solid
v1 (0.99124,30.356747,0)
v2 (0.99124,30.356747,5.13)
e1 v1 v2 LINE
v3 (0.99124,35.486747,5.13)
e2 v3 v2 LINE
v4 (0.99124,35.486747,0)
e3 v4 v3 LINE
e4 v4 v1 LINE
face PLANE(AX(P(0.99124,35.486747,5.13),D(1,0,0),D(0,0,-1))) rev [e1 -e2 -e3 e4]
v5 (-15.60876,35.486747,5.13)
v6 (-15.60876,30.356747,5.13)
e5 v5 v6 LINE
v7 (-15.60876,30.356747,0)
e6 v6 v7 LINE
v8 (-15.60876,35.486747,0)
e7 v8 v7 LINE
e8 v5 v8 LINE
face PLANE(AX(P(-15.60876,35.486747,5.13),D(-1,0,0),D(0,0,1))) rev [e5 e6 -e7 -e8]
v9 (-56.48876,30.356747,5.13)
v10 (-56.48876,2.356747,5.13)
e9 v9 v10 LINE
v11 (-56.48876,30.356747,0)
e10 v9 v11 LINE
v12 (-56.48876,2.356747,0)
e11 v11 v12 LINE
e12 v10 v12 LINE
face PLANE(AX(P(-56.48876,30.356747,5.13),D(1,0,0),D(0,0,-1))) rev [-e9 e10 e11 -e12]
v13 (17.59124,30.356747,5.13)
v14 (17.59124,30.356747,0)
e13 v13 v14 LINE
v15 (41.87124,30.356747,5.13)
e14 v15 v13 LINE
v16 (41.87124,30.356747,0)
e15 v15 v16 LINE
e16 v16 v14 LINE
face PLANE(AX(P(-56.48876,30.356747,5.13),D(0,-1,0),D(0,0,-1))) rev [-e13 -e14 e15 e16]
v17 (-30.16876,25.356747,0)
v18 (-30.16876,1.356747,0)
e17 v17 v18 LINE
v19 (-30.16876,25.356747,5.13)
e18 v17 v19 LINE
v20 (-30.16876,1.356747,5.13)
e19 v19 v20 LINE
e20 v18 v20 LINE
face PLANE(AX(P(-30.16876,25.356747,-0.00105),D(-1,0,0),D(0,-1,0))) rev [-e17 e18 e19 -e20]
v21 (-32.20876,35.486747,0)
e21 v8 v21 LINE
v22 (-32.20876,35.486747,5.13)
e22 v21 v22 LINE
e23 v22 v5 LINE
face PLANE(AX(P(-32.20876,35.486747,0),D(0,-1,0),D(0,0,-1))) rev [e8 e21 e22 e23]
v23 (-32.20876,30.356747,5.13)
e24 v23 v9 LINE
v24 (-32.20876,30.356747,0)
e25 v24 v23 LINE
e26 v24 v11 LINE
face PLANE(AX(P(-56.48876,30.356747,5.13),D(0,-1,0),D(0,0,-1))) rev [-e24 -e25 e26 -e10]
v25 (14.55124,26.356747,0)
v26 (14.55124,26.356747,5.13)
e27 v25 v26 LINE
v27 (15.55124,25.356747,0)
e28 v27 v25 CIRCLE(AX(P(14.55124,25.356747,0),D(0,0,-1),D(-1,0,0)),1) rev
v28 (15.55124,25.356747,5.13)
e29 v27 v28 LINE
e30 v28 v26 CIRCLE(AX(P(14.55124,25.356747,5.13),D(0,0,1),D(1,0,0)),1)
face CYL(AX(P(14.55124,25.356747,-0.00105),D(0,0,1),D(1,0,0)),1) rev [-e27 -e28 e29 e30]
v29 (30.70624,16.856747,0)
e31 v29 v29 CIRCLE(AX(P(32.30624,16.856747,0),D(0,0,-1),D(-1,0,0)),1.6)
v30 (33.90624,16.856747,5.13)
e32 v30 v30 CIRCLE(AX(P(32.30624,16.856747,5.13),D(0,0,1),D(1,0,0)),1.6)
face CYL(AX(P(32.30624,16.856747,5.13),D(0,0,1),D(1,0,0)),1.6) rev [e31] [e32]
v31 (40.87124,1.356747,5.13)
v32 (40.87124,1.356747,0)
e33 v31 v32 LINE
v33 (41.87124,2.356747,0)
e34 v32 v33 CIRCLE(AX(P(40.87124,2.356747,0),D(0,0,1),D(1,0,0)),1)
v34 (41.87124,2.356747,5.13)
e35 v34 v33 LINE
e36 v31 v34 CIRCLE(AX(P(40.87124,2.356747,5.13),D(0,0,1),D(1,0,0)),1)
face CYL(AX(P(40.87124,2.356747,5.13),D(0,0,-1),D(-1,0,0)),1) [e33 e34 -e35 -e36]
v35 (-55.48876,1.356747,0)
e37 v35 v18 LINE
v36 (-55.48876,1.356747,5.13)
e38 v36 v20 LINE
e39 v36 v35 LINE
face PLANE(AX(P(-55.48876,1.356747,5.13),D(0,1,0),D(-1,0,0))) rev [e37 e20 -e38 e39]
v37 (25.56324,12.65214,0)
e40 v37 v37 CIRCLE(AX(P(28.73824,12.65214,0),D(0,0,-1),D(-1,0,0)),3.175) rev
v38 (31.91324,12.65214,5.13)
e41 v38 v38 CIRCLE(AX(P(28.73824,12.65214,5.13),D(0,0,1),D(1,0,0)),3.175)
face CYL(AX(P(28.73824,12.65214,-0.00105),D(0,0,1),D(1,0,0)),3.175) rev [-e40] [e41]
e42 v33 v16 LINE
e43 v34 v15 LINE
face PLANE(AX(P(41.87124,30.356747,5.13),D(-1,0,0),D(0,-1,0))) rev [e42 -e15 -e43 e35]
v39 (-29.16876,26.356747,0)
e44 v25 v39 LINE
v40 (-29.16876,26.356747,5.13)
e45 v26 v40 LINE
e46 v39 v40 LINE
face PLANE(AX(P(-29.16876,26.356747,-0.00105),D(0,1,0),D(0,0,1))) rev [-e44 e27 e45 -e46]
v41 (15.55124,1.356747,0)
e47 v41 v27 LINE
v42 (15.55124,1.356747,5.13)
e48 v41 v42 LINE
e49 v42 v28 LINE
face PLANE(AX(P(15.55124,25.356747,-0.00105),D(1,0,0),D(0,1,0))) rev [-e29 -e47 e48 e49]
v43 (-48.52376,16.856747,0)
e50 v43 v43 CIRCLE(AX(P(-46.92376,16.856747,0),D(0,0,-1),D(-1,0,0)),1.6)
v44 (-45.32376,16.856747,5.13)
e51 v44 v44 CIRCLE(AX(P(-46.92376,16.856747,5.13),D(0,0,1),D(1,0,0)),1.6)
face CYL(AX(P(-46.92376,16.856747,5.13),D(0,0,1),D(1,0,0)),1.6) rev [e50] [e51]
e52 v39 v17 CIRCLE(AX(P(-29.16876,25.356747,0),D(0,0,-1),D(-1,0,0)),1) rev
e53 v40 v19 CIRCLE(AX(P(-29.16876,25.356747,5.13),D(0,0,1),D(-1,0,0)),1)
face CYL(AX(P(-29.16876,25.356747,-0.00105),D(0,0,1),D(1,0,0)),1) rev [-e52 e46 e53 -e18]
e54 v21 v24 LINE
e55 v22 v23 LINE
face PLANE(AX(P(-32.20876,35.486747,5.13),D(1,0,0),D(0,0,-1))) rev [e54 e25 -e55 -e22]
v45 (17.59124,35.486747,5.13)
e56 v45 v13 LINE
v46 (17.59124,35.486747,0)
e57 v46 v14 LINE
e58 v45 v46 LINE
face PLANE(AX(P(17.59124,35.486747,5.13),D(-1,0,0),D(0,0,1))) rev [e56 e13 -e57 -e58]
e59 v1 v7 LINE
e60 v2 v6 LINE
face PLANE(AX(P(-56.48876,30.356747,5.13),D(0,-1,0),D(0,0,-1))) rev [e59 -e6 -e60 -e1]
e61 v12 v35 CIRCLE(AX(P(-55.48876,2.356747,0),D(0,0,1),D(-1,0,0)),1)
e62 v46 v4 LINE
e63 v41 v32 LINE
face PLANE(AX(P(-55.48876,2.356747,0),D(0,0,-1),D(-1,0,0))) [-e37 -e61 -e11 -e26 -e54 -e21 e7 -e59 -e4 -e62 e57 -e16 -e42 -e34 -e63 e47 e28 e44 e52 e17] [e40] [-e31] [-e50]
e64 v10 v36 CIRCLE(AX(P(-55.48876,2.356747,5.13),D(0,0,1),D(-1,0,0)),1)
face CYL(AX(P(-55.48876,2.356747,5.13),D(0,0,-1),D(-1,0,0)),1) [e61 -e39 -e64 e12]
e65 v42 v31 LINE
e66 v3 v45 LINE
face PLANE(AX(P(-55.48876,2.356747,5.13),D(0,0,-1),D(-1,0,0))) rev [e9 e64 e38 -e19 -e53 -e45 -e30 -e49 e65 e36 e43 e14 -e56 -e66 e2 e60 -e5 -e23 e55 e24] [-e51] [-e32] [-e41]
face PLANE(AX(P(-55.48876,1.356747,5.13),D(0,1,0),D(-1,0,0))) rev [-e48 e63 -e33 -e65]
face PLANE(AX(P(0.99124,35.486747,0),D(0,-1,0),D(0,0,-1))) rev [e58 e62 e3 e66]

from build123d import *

# Parameters (mm, degrees)
MAIN_DEPTH                  = 5.13
SKETCH2_W                   = 16.6
SKETCH2_H                   = 5.13
TEETH_DEPTH                 = 5.13
M3_CLEARANCE_HOLE1_D        = 3.2
M3_CLEARANCE_HOLE1_DEPTH    = 5.13
HINGE_SLOT_REACH            = 7.13
THERMISTOR_WIRES_HOLE_REACH = 7.13
SKETCH6_R                   = 3.175


with BuildPart() as part:
    # Sketch1 → Main (new body)
    with BuildSketch(Plane.XY):
        with BuildLine():
            Line((-56.488759744, 30.356747088), (41.871240256, 30.356747088))
            Line((41.871240256, 30.356747088), (41.871240256, 2.356747088))
            ThreePointArc((41.871240256, 2.356747088), (41.578347037, 1.649640307), (40.871240256, 1.356747088))
            Line((40.871240256, 1.356747088), (-55.488759744, 1.356747088))
            ThreePointArc((-55.488759744, 1.356747088), (-56.195866525, 1.649640307), (-56.488759744, 2.356747088))
            Line((-56.488759744, 2.356747088), (-56.488759744, 30.356747088))
        make_face()
    extrude(amount=MAIN_DEPTH)

    # Sketch2 → Teeth (add)
    with BuildSketch(Plane(origin=(0, 30.356747088, 0), x_dir=(1, 0, 0), z_dir=(0, 1, 0))):
        with Locations((9.291240256, -2.565)):
            Rectangle(SKETCH2_W, SKETCH2_H)
        with Locations((-23.908759744, -2.565)):
            Rectangle(SKETCH2_W, SKETCH2_H)
    extrude(amount=TEETH_DEPTH)

    # M3 Clearance Hole1
    with Locations(Plane.XY.offset(5.13)):
        with Locations((-46.923759744, 16.856747088), (32.306240256, 16.856747088)):
            Hole(M3_CLEARANCE_HOLE1_D / 2, depth=M3_CLEARANCE_HOLE1_DEPTH)

    # Sketch5 → Hinge slot (cut, up to next)
    with BuildSketch(Plane.XY.offset(5.13), mode=Mode.PRIVATE) as hinge_slot_sk1:
        with BuildLine():
            Line((-29.168759744, 26.356747088), (14.551240256, 26.356747088))
            ThreePointArc((14.551240256, 26.356747088), (15.258347037, 26.06385387), (15.551240256, 25.356747088))
            Line((15.551240256, 25.356747088), (15.551240256, 1.356747088))
            Line((15.551240256, 1.356747088), (-30.168759744, 1.356747088))
            Line((-30.168759744, 1.356747088), (-30.168759744, 25.356747088))
            ThreePointArc((-30.168759744, 25.356747088), (-29.875866525, 26.06385387), (-29.168759744, 26.356747088))
        make_face()
    hinge_slot_tool1 = extrude(hinge_slot_sk1.sketch, amount=-HINGE_SLOT_REACH, mode=Mode.PRIVATE) & part.part
    add(hinge_slot_tool1.solids().sort_by_distance((-7.30876, 13.852135, 5.13))[0], mode=Mode.SUBTRACT)

    # Sketch6 → Thermistor wires hole (cut, up to next)
    with BuildSketch(Plane.XY.offset(5.13), mode=Mode.PRIVATE) as thermistor_wires_hole_sk1:
        with Locations((28.738240256, 12.652139603)):
            Circle(SKETCH6_R)
    thermistor_wires_hole_tool1 = extrude(thermistor_wires_hole_sk1.sketch, amount=-THERMISTOR_WIRES_HOLE_REACH, mode=Mode.PRIVATE) & part.part
    add(thermistor_wires_hole_tool1.solids().sort_by_distance((28.73824, 12.65214, 5.13))[0], mode=Mode.SUBTRACT)


solid = part.part
